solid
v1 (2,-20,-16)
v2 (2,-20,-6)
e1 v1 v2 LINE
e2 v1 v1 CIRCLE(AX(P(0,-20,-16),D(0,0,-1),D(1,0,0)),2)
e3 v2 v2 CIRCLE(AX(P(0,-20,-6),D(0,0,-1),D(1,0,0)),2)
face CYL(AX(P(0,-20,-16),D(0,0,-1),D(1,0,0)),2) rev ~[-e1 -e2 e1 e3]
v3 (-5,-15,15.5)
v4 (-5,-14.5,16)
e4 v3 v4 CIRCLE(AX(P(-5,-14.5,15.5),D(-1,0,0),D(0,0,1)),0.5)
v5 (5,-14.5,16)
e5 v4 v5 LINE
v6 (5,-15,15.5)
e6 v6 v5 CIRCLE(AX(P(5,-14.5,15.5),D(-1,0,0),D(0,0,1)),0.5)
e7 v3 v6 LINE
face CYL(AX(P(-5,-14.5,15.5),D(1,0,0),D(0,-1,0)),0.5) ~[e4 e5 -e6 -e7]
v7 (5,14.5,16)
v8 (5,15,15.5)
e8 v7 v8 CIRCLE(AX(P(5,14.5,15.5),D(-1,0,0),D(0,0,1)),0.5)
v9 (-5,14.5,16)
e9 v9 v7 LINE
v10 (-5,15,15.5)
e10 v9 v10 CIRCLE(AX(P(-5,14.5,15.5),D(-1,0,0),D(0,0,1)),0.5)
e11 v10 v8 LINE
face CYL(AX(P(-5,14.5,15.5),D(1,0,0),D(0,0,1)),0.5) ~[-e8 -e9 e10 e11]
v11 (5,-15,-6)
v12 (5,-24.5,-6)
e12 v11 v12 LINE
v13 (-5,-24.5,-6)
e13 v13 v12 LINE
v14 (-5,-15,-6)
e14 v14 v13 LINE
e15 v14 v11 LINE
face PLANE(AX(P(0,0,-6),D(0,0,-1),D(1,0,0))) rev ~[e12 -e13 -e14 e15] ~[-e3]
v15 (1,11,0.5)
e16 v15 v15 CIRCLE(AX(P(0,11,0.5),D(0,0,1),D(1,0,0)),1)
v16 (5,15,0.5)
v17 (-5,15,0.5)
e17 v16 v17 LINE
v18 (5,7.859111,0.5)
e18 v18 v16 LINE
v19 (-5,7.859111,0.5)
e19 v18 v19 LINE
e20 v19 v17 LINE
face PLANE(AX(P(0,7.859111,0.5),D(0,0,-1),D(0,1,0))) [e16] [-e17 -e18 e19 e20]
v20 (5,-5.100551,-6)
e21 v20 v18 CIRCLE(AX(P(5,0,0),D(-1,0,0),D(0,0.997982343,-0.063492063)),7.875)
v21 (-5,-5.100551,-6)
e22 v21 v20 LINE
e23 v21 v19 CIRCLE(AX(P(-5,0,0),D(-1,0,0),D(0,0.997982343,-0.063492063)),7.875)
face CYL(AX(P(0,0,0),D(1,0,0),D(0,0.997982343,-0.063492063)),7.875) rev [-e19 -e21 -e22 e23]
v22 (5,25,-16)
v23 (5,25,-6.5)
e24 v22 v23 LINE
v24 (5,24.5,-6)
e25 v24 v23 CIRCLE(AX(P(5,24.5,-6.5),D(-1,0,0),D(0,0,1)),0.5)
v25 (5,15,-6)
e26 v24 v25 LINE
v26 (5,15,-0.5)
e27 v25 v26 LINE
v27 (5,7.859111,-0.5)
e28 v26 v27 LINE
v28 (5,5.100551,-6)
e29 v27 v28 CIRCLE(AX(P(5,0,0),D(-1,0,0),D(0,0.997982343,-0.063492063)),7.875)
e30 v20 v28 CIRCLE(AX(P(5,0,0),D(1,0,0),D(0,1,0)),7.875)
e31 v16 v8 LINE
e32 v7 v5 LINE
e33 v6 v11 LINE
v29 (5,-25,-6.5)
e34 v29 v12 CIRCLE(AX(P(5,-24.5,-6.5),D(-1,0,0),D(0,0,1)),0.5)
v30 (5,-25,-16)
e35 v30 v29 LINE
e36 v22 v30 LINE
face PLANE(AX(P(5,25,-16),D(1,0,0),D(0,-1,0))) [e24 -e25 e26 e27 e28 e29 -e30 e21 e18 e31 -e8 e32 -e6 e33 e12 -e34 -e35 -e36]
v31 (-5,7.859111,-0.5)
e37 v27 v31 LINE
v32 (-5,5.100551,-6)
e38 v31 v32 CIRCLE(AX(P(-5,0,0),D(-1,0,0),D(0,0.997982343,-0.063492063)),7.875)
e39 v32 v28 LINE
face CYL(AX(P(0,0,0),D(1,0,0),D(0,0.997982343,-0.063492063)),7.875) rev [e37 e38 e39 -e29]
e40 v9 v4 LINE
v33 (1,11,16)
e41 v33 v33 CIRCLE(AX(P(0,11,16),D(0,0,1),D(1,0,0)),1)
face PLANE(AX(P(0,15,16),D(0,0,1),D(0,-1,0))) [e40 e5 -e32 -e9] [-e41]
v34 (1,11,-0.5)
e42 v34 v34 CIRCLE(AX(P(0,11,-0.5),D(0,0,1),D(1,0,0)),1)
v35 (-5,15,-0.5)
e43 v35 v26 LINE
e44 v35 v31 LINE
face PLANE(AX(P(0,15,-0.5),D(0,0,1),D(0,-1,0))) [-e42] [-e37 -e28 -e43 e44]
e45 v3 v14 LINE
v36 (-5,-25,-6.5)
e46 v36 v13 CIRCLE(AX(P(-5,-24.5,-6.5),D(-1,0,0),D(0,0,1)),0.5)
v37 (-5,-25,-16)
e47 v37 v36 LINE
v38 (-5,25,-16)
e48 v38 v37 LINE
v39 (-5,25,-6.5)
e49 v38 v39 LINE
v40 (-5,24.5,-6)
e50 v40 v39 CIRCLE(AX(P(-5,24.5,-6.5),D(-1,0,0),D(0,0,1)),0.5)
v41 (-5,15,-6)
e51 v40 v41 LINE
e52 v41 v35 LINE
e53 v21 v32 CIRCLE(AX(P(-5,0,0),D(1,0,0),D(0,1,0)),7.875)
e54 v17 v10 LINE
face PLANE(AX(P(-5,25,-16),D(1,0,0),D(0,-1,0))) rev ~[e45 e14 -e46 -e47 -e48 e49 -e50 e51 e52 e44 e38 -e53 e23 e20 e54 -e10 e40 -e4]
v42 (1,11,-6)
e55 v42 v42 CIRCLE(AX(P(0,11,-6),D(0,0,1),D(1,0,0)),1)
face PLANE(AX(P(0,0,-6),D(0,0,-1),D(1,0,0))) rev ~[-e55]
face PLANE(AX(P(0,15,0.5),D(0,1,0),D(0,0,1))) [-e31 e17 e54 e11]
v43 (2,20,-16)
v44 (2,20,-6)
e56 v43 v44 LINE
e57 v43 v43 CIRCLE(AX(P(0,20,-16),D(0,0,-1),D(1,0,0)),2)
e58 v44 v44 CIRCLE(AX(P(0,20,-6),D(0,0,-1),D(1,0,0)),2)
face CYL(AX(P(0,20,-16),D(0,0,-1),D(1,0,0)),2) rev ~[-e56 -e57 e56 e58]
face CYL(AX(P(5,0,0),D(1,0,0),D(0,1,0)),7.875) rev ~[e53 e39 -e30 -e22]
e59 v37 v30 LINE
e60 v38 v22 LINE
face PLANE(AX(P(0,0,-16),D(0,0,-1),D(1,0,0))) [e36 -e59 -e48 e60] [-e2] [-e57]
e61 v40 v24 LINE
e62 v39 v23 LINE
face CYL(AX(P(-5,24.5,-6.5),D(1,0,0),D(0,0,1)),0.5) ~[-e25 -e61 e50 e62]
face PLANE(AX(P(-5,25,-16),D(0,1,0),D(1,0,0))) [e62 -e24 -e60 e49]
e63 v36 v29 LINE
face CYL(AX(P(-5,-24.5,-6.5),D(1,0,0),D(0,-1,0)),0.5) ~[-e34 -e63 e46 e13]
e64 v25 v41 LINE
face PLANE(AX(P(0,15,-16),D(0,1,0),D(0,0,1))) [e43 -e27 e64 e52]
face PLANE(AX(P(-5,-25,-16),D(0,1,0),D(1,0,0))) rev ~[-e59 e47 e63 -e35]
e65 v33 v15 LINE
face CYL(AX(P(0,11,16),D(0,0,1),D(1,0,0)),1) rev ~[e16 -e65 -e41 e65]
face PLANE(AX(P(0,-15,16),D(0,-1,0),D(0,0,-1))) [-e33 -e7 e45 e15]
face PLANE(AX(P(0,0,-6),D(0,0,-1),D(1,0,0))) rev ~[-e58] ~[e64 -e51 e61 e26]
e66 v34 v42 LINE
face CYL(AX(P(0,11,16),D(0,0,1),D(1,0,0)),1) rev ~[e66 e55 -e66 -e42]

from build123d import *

# Parameters (mm, degrees)
F1_DEPTH      = 5
F1_DEPTH_BACK = 5
F2_R          = 1
F3_DEPTH      = 32.001
F4_W          = 10
F4_H          = 50
F4_R          = 2
F5_DEPTH      = 10
F6_R          = 7.875
F7_DEPTH      = 10.001
F8_R          = 0.5


with BuildPart() as f1:
    # F0 (on Right) → F1 (new body, two sides)
    with BuildSketch(Plane.YZ) as f1_sk:
        with BuildLine():
            Line((15, 0.5), (15, 16))
            Line((15, 16), (-15, 16))
            Line((-15, 16), (-15, -16))
            Line((-15, -16), (15, -16))
            Line((15, -16), (15, -0.5))
            Line((15, -0.5), (7.859111, -0.5))
            ThreePointArc((7.859111, -0.5), (-7.875, 0), (7.859111, 0.5))
            Line((7.859111, 0.5), (15, 0.5))
        make_face()
    extrude(amount=F1_DEPTH)
    extrude(f1_sk.sketch, amount=-F1_DEPTH_BACK)

    # F2 (on face) → F3 (cut, through all)
    with BuildSketch(Plane.XY.offset(16)):
        with Locations((0, 11)):
            Circle(F2_R)
    extrude(amount=-F3_DEPTH, mode=Mode.SUBTRACT)

    # F4 (on face) → F5 (join)
    with BuildSketch(Plane(origin=(0, 0, -16), x_dir=(1, 0, 0), z_dir=(0, 0, -1))):
        Rectangle(F4_W, F4_H)
        with Locations((0, -20)):
            Circle(F4_R, mode=Mode.SUBTRACT)
        with Locations((0, 20)):
            Circle(F4_R, mode=Mode.SUBTRACT)
    extrude(amount=-F5_DEPTH)

    # F6 (on face) → F7 (cut, through all)
    with BuildSketch(Plane.YZ.offset(5)):
        Circle(F6_R)
    extrude(amount=-F7_DEPTH, mode=Mode.SUBTRACT)

    # F8
    f8_edges = [f1.edges().sort_by_distance(p)[0] for p in [
        (0, -15, 16),
        (0, 15, 16),
        (0, -25, -6),
        (0, 25, -6),
    ]]
    fillet(f8_edges, radius=F8_R)


solid = f1.part
